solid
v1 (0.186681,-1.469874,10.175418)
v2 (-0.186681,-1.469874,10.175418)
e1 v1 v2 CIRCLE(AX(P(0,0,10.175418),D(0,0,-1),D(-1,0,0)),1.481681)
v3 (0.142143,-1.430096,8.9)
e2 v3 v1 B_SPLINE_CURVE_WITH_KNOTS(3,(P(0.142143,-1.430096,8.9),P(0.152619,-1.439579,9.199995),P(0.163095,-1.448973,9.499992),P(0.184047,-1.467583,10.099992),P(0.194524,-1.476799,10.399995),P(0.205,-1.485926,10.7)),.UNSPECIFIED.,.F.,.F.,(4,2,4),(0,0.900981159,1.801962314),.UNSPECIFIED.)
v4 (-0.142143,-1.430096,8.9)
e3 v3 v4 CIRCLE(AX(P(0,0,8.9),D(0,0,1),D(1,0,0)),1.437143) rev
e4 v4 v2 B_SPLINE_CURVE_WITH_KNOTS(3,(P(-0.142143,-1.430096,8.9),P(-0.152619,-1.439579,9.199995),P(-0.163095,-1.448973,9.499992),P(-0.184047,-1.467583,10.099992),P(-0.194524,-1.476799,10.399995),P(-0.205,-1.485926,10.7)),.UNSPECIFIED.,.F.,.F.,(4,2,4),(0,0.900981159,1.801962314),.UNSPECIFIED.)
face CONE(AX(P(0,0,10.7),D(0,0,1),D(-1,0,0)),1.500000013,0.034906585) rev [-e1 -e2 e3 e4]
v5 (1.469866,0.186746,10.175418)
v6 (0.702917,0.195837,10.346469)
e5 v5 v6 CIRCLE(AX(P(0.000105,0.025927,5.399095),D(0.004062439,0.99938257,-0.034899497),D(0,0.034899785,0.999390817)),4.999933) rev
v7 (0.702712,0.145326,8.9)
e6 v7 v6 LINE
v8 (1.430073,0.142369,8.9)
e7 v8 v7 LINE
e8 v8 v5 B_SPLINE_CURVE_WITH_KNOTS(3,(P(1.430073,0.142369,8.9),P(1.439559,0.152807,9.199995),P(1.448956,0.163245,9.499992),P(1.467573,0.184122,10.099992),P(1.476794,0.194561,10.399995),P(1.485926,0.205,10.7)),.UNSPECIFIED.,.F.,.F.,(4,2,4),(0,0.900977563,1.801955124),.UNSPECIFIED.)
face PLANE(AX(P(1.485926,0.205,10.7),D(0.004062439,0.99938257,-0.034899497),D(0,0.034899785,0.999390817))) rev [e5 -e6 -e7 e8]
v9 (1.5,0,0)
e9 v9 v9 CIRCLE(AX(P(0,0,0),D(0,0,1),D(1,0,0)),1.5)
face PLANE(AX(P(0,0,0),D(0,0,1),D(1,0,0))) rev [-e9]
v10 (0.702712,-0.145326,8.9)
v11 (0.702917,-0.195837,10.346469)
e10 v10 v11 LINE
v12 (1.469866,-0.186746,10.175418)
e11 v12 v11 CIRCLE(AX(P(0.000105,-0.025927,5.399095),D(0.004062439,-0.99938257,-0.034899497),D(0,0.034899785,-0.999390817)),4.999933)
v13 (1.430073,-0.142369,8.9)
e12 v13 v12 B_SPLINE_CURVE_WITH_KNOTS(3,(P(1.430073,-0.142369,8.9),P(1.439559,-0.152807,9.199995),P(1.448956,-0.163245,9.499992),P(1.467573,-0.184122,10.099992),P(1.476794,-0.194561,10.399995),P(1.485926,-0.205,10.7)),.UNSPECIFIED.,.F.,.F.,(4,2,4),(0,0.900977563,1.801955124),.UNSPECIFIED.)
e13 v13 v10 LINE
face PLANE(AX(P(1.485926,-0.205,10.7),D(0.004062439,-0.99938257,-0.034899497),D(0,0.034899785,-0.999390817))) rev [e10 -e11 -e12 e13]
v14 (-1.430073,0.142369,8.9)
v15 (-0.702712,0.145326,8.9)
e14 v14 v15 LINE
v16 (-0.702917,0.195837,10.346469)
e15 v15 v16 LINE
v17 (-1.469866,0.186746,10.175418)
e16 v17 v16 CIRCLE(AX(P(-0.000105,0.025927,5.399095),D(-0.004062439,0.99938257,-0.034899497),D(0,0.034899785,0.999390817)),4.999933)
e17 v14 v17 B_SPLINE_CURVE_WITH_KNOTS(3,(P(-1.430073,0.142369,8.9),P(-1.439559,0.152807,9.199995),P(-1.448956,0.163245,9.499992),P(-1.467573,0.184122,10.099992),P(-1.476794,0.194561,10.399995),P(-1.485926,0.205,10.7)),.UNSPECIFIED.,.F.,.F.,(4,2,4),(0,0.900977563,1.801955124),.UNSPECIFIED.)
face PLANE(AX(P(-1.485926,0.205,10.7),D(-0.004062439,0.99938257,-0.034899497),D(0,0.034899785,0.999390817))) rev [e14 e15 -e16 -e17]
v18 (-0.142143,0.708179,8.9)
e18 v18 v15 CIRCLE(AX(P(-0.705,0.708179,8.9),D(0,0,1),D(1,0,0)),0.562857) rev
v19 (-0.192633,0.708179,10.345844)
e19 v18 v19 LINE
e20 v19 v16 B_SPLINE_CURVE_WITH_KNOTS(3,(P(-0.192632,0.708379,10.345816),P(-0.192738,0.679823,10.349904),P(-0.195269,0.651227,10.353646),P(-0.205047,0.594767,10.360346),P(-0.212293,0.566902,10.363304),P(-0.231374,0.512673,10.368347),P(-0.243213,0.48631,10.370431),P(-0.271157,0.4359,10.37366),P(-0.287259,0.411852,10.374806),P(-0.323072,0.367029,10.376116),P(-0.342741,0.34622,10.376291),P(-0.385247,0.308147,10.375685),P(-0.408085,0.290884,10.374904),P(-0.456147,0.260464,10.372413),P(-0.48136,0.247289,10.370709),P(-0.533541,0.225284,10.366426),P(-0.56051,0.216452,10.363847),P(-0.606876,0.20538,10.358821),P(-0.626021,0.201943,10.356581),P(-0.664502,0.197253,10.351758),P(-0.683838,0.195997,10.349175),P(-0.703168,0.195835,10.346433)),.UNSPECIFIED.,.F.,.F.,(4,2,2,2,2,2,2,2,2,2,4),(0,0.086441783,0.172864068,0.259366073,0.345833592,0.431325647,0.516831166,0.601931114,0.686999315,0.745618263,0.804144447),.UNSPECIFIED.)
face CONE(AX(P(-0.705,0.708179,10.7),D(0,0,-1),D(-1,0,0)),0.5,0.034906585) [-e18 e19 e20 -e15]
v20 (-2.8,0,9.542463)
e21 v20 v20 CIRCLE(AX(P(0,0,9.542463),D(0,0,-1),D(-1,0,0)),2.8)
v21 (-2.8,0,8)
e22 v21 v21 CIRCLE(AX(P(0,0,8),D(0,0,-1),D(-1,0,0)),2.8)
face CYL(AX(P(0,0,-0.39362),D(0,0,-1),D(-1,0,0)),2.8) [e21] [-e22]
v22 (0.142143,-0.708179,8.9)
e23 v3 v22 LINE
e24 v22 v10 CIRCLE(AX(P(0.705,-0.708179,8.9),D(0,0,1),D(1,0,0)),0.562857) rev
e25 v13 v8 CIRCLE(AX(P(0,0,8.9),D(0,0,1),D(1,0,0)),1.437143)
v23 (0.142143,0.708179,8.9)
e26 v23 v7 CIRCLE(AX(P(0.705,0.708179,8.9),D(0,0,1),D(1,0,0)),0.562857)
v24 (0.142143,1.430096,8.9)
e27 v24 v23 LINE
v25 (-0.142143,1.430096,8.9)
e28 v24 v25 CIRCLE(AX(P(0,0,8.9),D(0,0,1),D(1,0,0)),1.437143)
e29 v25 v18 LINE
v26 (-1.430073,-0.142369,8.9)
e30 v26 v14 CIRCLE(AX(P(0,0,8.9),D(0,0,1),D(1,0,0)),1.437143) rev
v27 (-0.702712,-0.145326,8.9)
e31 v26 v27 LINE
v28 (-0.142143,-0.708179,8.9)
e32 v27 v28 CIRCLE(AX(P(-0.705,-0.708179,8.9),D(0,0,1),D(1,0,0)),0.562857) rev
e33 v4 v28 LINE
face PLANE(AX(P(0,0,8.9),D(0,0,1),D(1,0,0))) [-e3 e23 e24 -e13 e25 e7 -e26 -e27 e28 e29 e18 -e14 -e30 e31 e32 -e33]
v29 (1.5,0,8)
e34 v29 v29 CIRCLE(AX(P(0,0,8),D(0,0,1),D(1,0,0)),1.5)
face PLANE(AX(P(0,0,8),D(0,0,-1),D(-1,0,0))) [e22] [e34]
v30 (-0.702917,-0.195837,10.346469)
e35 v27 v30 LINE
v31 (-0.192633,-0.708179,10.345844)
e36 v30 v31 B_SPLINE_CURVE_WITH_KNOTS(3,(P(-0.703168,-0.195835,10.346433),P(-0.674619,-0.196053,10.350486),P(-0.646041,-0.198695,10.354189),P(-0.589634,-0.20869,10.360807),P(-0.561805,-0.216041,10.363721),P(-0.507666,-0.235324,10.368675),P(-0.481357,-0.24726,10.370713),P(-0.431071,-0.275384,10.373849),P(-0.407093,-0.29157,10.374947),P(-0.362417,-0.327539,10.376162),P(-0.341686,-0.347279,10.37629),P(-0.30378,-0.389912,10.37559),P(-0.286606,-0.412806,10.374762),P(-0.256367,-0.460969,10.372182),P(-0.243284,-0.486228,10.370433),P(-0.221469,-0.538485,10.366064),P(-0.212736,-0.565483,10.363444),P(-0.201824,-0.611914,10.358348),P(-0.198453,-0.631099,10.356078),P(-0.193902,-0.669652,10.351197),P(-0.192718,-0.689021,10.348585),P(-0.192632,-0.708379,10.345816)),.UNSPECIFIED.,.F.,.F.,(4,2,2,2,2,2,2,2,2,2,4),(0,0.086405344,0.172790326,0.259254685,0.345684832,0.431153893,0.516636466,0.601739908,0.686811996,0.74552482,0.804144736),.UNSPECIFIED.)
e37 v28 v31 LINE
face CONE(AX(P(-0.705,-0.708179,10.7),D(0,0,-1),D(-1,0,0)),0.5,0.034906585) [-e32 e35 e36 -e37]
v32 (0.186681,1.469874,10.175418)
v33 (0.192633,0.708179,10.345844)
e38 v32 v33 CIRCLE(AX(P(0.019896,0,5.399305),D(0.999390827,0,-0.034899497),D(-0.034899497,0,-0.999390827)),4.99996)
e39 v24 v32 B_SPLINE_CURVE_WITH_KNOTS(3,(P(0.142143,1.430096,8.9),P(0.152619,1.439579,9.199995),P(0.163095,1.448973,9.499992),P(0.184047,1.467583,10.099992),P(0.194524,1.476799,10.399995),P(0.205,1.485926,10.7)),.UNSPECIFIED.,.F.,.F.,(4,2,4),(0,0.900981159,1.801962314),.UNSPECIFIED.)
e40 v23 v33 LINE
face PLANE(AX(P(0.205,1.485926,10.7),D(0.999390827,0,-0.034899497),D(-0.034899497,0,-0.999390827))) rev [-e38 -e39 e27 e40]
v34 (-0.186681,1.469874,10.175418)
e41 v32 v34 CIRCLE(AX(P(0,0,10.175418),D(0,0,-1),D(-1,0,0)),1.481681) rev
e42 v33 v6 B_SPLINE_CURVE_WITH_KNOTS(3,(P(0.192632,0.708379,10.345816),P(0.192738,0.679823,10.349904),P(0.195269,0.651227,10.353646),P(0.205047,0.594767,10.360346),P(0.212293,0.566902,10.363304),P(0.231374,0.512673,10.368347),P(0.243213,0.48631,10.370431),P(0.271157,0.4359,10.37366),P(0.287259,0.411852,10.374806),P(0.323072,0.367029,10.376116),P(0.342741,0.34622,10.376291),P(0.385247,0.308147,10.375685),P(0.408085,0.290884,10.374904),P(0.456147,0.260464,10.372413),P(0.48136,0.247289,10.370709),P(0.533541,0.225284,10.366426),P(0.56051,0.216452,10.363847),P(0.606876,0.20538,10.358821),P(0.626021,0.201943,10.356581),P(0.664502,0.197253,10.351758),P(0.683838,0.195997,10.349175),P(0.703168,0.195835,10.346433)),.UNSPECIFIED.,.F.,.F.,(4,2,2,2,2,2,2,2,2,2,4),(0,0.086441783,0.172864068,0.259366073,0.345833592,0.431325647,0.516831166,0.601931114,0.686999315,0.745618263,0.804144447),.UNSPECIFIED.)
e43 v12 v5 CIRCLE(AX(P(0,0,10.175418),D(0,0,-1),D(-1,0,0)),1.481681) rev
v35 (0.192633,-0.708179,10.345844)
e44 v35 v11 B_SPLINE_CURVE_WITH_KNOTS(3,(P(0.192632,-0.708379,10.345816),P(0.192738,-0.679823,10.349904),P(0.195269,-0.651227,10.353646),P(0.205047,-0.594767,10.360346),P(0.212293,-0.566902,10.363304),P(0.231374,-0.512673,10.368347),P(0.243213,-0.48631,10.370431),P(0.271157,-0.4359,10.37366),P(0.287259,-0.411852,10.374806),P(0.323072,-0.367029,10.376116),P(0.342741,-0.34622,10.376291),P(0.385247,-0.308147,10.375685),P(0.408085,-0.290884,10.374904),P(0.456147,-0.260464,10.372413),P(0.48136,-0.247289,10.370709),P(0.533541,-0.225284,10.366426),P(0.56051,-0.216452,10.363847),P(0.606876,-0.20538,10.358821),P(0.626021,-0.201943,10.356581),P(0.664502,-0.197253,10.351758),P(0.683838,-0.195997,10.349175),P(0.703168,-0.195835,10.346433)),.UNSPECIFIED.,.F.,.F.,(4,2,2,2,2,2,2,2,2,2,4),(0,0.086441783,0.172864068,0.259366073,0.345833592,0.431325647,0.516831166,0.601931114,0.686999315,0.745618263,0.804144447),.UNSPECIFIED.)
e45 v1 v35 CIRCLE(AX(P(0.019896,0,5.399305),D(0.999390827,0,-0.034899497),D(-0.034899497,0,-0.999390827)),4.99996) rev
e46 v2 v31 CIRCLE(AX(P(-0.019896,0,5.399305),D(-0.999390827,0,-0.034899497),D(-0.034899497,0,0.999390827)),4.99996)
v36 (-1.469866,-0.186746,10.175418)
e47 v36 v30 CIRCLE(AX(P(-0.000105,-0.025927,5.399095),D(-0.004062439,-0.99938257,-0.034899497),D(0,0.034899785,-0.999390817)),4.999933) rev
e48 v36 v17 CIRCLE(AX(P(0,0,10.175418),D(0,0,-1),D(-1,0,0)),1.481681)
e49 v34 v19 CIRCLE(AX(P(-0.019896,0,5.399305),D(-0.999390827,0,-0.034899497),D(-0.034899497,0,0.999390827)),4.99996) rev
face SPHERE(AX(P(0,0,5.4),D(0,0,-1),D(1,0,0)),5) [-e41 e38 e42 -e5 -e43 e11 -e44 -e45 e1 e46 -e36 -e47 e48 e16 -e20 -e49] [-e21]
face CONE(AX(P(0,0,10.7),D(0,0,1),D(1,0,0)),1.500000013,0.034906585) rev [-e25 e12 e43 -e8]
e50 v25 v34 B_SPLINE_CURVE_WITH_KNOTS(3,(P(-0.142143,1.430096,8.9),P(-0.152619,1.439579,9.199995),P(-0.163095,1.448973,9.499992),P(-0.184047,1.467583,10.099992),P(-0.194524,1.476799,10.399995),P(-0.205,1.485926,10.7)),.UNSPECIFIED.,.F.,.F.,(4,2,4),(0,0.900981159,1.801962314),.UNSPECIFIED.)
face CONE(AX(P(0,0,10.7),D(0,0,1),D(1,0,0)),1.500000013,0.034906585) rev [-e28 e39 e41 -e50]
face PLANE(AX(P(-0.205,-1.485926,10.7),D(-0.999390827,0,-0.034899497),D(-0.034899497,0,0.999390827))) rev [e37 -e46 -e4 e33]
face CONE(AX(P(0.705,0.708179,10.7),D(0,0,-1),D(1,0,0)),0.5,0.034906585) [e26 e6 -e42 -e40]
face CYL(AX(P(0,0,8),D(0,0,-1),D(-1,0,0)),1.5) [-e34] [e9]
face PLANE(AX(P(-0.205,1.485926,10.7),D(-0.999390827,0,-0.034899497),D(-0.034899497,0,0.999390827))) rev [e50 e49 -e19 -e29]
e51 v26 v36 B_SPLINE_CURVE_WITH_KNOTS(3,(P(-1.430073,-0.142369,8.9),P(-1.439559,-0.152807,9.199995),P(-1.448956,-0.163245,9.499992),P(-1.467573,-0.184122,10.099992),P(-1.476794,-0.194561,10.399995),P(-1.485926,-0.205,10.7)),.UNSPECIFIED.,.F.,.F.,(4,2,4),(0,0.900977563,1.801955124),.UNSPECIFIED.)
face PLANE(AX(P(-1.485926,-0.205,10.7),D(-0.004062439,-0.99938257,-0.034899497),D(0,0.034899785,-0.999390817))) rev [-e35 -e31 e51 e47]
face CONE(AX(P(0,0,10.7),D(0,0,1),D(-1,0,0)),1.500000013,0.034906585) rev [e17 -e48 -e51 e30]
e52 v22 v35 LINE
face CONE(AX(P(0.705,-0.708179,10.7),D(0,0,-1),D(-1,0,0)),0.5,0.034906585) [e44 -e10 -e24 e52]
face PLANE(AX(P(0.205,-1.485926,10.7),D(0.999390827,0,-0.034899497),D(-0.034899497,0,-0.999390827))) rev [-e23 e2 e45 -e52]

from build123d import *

# Parameters (mm, degrees)
SKETCH1_R          = 1.5
BASE_EXTRUDE_DEPTH = 8
CUT_EXTRUDE1_DEPTH = 1.799999969
CUT_EXTRUDE1_TAPER = 2


with BuildPart() as part:
    # Sketch1 → Base-Extrude (new body)
    with BuildSketch(Plane.XY):
        Circle(SKETCH1_R)
    extrude(amount=BASE_EXTRUDE_DEPTH)

    # Sketch6 → Boss-Revolve2 (revolve)
    with BuildSketch(Plane(origin=(0, 0, 0), x_dir=(1, 0, 0), z_dir=(0, 1, 0))):
        with BuildLine():
            Line((0, -8), (2.7999999, -8))
            Line((2.7999999, -8), (2.7999999, -9.54246308))
            ThreePointArc((2.7999999, -9.54246308), (1.46418655, -10.180811406), (0, -10.4))
            Line((0, -10.4), (0, -8))
        make_face()
    revolve(axis=Axis((0, 0, -0.393620135), (0, 0, 1)))

    # Sketch7 → Cut-Extrude1 (cut)
    with BuildSketch(Plane(origin=(0, 0, 10.7000001), x_dir=(-1, 0, 0), z_dir=(0, 0, -1))):
        with BuildLine():
            ThreePointArc((0.205000004, 1.48592565), (0, 1.500000013), (-0.205000004, 1.48592565))
            Line((-0.205000004, 1.48592565), (-0.205000004, 0.708178558))
            ThreePointArc((-0.205000004, 0.708178558), (-0.35072876, 0.355344481), (-0.702967546, 0.208182689))
            Line((-0.702967546, 0.208182689), (-1.48592565, 0.205000004))
            ThreePointArc((-1.48592565, 0.205000004), (-1.500000013, 0), (-1.48592565, -0.205000004))
            Line((-1.48592565, -0.205000004), (-0.702967546, -0.208182689))
            ThreePointArc((-0.702967546, -0.208182689), (-0.35072876, -0.355344481), (-0.205000004, -0.708178558))
            Line((-0.205000004, -0.708178558), (-0.205000004, -1.48592565))
            ThreePointArc((-0.205000004, -1.48592565), (0, -1.500000013), (0.205000004, -1.48592565))
            Line((0.205000004, -1.48592565), (0.205000004, -0.708178558))
            ThreePointArc((0.205000004, -0.708178558), (0.35072876, -0.355344481), (0.702967546, -0.208182689))
            Line((0.702967546, -0.208182689), (1.48592565, -0.205000004))
            ThreePointArc((1.48592565, -0.205000004), (1.500000013, 0), (1.48592565, 0.205000004))
            Line((1.48592565, 0.205000004), (0.702967546, 0.208182689))
            ThreePointArc((0.702967546, 0.208182689), (0.35072876, 0.355344481), (0.205000004, 0.708178558))
            Line((0.205000004, 0.708178558), (0.205000004, 1.48592565))
        make_face()
    extrude(amount=CUT_EXTRUDE1_DEPTH, taper=CUT_EXTRUDE1_TAPER, mode=Mode.SUBTRACT)


solid = part.part
